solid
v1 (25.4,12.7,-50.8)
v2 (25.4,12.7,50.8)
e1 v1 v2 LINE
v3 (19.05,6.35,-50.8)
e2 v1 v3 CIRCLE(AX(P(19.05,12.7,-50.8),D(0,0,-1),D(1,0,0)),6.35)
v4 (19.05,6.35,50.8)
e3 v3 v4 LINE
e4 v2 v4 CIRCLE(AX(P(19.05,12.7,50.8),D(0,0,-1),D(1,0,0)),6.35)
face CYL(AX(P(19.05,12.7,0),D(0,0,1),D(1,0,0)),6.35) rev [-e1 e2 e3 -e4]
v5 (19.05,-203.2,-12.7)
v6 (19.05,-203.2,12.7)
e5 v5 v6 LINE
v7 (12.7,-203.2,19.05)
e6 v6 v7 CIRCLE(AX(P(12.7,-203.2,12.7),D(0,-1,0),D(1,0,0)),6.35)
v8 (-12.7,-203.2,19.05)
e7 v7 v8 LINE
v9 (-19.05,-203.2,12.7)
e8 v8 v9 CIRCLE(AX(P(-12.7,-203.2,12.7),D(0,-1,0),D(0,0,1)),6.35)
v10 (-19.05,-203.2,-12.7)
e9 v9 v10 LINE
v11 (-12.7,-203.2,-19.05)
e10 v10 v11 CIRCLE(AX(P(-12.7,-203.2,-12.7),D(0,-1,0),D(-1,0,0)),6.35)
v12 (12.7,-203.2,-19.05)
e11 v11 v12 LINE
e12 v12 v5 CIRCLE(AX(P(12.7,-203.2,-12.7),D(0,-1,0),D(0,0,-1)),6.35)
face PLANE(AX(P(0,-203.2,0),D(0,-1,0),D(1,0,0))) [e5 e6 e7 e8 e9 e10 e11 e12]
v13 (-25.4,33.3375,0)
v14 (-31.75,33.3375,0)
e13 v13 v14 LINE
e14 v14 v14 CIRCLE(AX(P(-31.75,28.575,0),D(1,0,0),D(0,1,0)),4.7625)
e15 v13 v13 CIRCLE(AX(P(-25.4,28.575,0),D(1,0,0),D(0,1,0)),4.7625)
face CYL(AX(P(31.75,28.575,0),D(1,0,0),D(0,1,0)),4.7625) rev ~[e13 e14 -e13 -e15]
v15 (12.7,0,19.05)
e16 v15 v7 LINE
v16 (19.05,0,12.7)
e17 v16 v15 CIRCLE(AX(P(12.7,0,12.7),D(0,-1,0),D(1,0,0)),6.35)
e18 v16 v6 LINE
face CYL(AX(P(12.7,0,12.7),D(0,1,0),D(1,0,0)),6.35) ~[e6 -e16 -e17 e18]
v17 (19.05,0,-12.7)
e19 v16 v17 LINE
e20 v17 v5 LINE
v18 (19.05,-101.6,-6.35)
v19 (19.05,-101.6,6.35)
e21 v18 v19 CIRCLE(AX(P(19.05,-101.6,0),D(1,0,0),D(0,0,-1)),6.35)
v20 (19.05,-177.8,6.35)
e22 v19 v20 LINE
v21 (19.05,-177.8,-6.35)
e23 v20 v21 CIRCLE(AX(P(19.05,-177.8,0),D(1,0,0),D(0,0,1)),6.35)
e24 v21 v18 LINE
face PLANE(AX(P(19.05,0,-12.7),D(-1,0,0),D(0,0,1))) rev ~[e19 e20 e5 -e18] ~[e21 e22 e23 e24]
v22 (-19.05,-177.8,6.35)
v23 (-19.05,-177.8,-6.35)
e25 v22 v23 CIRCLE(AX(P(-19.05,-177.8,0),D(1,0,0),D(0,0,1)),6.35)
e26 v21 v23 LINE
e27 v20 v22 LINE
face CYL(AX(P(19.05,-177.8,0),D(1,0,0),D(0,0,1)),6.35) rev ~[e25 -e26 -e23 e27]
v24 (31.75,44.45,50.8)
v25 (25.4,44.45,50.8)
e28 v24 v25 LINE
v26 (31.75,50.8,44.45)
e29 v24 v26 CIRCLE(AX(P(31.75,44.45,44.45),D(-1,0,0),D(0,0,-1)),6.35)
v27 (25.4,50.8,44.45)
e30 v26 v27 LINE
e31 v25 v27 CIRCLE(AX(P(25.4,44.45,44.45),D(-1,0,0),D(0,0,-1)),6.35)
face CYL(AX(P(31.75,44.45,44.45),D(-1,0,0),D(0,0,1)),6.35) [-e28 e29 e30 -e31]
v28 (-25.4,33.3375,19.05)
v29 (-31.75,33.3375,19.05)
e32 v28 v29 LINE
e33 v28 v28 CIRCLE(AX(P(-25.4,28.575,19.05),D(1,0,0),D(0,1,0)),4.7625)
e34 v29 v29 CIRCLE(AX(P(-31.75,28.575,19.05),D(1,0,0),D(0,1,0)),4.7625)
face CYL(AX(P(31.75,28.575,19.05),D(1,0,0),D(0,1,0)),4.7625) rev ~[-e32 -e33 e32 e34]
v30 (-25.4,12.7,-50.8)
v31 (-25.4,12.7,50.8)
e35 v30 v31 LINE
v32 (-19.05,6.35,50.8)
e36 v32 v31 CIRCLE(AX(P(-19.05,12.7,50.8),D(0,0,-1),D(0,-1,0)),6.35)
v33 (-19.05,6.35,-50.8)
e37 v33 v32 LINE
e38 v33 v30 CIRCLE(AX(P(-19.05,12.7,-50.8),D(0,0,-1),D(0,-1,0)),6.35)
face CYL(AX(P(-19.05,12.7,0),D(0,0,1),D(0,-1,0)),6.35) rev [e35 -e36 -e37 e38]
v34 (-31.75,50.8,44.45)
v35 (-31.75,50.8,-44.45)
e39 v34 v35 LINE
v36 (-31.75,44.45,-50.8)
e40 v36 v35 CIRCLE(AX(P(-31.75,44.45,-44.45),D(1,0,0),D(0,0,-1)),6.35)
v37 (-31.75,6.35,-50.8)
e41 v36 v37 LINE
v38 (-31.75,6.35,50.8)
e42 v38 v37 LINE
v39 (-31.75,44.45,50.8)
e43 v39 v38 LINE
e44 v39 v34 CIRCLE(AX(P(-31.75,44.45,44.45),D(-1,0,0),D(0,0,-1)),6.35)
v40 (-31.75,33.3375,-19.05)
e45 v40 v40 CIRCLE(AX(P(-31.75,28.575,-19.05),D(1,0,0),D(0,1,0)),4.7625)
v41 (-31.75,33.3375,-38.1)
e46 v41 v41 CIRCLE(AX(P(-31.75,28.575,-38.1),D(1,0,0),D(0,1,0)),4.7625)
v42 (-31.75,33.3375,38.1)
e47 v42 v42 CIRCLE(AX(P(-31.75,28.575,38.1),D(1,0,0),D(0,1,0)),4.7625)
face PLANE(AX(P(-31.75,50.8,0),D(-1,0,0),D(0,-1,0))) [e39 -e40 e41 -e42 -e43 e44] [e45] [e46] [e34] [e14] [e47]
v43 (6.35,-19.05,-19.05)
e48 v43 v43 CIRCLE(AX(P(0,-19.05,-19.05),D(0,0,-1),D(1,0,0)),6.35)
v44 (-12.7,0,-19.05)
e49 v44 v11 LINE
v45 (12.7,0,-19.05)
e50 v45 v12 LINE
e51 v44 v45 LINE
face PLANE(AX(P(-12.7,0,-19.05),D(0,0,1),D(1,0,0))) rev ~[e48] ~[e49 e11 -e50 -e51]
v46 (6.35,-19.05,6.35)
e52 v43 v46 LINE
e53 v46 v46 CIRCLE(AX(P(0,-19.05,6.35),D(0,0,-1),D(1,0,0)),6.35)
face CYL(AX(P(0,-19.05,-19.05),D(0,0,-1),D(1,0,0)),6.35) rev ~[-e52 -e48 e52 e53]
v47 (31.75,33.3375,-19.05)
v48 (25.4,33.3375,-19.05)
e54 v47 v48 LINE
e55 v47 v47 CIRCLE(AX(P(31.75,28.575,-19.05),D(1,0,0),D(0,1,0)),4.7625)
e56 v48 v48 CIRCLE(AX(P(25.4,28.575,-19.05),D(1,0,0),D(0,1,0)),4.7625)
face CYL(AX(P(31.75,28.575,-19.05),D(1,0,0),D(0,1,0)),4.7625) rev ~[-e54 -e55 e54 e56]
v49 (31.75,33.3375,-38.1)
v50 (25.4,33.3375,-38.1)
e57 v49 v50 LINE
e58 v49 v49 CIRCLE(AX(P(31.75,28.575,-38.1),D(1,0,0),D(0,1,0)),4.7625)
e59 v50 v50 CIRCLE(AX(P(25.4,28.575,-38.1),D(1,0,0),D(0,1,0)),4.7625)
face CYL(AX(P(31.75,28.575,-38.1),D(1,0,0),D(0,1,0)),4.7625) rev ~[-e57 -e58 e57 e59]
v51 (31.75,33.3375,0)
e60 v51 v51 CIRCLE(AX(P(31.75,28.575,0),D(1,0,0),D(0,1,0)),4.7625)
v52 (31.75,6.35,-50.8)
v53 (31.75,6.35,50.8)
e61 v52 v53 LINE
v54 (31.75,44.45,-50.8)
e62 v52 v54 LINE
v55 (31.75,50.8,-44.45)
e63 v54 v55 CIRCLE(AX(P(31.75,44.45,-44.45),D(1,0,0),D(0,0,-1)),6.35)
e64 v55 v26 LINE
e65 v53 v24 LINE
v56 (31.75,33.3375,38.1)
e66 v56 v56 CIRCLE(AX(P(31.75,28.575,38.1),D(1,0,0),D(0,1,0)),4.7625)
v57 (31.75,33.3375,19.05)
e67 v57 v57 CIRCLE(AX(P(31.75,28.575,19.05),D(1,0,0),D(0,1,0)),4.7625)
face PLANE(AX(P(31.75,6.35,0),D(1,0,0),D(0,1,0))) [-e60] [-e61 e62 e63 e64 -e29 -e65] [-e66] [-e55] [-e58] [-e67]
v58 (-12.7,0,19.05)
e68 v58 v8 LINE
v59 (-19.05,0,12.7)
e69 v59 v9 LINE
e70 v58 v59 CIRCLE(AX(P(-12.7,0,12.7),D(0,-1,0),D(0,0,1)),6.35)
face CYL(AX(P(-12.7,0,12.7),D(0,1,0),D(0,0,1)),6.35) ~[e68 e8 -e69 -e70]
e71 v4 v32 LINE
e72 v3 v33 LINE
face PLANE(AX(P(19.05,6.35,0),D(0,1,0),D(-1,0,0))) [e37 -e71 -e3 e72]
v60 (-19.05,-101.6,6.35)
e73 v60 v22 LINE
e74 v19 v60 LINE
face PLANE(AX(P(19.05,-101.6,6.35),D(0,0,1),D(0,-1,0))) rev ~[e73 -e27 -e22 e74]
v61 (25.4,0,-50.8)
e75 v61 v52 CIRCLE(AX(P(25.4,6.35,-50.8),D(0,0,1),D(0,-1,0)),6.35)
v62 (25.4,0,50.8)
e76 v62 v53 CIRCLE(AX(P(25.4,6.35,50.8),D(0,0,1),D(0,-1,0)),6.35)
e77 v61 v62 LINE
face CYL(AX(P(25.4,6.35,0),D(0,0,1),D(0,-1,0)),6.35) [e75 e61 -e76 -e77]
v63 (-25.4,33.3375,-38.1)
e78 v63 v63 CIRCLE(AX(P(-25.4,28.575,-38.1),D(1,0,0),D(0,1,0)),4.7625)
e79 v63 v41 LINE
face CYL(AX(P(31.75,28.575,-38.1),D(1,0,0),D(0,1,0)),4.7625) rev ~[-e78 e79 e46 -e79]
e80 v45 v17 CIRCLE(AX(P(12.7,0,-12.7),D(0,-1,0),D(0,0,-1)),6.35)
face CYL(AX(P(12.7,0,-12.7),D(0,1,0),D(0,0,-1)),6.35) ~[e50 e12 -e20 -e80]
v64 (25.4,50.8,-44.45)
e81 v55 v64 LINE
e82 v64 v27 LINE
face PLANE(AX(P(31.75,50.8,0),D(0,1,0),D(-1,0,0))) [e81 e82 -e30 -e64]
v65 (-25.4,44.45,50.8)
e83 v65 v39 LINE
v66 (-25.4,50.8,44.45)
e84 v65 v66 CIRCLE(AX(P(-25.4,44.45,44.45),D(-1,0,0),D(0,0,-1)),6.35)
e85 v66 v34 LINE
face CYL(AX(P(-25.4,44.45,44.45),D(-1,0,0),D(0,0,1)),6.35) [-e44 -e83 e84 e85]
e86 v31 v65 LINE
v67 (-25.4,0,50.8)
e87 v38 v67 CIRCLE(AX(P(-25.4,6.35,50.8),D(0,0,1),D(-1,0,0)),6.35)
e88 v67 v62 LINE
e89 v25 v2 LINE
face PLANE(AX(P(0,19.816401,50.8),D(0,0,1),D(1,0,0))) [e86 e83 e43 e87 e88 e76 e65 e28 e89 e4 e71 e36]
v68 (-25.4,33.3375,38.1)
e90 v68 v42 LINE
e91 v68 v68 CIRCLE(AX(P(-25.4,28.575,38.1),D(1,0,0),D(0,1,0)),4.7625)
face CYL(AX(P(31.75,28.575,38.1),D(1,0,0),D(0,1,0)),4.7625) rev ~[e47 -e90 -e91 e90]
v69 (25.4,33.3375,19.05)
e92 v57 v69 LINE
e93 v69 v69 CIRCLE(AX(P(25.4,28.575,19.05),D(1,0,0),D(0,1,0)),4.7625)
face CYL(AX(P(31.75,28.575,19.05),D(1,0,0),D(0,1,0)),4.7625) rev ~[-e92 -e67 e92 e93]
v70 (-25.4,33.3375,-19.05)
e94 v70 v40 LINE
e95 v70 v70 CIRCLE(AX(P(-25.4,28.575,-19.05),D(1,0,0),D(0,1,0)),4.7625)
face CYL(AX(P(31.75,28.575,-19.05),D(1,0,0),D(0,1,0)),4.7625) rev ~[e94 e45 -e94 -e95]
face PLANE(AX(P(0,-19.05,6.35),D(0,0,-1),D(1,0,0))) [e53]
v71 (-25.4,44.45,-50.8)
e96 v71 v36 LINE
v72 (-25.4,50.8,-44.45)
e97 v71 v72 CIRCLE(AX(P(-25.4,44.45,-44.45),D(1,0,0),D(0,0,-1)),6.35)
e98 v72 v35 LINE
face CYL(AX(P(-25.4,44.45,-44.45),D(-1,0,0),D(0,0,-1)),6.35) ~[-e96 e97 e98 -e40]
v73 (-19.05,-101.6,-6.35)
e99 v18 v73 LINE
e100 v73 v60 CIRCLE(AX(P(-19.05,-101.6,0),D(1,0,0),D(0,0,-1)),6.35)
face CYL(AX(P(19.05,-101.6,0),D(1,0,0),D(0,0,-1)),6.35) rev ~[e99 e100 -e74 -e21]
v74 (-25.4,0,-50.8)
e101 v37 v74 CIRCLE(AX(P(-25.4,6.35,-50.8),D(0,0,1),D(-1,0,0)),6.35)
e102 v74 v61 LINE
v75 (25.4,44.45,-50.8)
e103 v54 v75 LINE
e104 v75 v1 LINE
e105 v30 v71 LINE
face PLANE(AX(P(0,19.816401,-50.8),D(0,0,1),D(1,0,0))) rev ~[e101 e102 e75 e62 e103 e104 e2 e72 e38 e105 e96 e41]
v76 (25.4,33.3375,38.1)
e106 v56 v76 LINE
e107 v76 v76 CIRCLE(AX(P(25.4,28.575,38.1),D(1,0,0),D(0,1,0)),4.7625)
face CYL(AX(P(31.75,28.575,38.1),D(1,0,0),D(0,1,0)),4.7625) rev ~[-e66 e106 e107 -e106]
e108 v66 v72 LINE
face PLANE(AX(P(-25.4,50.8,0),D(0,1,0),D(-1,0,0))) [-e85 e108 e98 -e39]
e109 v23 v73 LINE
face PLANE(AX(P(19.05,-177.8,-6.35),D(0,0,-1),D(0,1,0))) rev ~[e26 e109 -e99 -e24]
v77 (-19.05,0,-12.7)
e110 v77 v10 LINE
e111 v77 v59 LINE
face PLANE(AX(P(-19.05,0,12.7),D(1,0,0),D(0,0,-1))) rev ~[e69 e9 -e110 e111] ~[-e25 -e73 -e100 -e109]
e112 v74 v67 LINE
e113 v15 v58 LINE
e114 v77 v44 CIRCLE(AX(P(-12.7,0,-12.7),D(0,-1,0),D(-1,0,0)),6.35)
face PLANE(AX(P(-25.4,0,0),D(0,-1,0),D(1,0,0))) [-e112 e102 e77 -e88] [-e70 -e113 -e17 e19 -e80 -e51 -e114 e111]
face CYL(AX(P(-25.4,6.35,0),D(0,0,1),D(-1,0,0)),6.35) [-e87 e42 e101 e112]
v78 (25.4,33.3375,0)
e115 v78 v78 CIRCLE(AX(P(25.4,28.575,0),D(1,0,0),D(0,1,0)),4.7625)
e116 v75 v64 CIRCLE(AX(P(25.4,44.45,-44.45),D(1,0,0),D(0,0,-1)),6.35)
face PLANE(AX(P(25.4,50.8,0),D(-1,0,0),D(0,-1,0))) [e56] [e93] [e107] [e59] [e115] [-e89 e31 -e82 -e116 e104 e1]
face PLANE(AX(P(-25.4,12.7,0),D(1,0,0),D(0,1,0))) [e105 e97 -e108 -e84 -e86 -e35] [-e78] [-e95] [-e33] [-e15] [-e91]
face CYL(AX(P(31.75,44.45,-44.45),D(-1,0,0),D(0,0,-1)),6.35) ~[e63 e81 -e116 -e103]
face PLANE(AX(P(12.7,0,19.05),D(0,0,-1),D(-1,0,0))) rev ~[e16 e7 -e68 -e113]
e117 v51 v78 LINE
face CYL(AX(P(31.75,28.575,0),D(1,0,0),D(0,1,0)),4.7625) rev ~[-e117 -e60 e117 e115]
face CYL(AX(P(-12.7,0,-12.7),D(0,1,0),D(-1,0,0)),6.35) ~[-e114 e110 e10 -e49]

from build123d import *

# Parameters (mm, degrees)
F1_DEPTH  = 203.2
F3_DEPTH  = 38.1
F5_DEPTH  = 50.8
F6_DEPTH  = 50.8
F7_R      = 4.7625
F8_DEPTH  = 63.5
F9_R      = 6.35
F10_R     = 6.35
F11_DEPTH = 25.4


with BuildPart() as f1:
    # F0 (on Front) → F1 (new body)
    with BuildSketch(Plane.XZ):
        with BuildLine():
            Line((-12.7, -19.05), (12.7, -19.05))
            ThreePointArc((12.7, -19.05), (17.1901280605, -17.1901280605), (19.05, -12.7))
            Line((19.05, -12.7), (19.05, 12.7))
            ThreePointArc((19.05, 12.7), (17.1901280605, 17.1901280605), (12.7, 19.05))
            Line((12.7, 19.05), (-12.7, 19.05))
            ThreePointArc((-12.7, 19.05), (-17.1901280605, 17.1901280605), (-19.05, 12.7))
            Line((-19.05, 12.7), (-19.05, -12.7))
            ThreePointArc((-19.05, -12.7), (-17.1901280605, -17.1901280605), (-12.7, -19.05))
        make_face()
    extrude(amount=F1_DEPTH)

    # F2 (on face) → F3 (cut)
    with BuildSketch(Plane.YZ.offset(19.05)):
        with BuildLine():
            Line((-177.8, -6.35), (-101.6, -6.35))
            ThreePointArc((-101.6, -6.35), (-95.25, 0), (-101.6, 6.35))
            Line((-101.6, 6.35), (-177.8, 6.35))
            ThreePointArc((-177.8, 6.35), (-184.15, 0), (-177.8, -6.35))
        make_face()
    extrude(amount=-F3_DEPTH, mode=Mode.SUBTRACT)

    # F4 (on Top) → F5 (join)
    with BuildSketch(Plane.XY):
        with BuildLine():
            ThreePointArc((-31.75, 6.35), (-29.8901280605, 1.8598719395), (-25.4, 0))
            Line((-25.4, 0), (25.4, 0))
            ThreePointArc((25.4, 0), (29.8901280605, 1.8598719395), (31.75, 6.35))
            Line((31.75, 6.35), (31.75, 50.8))
            Line((31.75, 50.8), (25.4, 50.8))
            Line((25.4, 50.8), (25.4, 12.7))
            ThreePointArc((25.4, 12.7), (23.5401280605, 8.2098719395), (19.05, 6.35))
            Line((19.05, 6.35), (-19.05, 6.35))
            ThreePointArc((-19.05, 6.35), (-23.5401280605, 8.2098719395), (-25.4, 12.7))
            Line((-25.4, 12.7), (-25.4, 50.8))
            Line((-25.4, 50.8), (-31.75, 50.8))
            Line((-31.75, 50.8), (-31.75, 6.35))
        make_face()
    extrude(amount=F5_DEPTH)

    # F6 (add): a face of the model
    f6_faces = [f1.faces().sort_by_distance(p)[0] for p in [
        (-26.2131967782, 31.75, 0),
    ]]
    extrude(f6_faces, amount=F6_DEPTH)

    # F7 (on face) → F8 (cut)
    with BuildSketch(Plane.YZ.offset(31.75)):
        with Locations((28.575, 38.1)):
            Circle(F7_R)
        with Locations((28.575, 19.05)):
            Circle(F7_R)
        with Locations((28.575, 0)):
            Circle(F7_R)
        with Locations((28.575, -19.05)):
            Circle(F7_R)
        with Locations((28.575, -38.1)):
            Circle(F7_R)
    extrude(amount=-F8_DEPTH, mode=Mode.SUBTRACT)

    # F9
    f9_edges = [f1.edges().sort_by_distance(p)[0] for p in [
        (28.575, 50.8, 50.8),
        (-28.575, 50.8, 50.8),
        (-28.575, 50.8, -50.8),
        (28.575, 50.8, -50.8),
    ]]
    fillet(f9_edges, radius=F9_R)

    # F10 (on face) → F11 (cut)
    with BuildSketch(Plane(origin=(0, 0, -19.05), x_dir=(1, 0, 0), z_dir=(0, 0, -1))):
        with Locations((0, 19.05)):
            Circle(F10_R)
    extrude(amount=-F11_DEPTH, mode=Mode.SUBTRACT)


solid = f1.part
